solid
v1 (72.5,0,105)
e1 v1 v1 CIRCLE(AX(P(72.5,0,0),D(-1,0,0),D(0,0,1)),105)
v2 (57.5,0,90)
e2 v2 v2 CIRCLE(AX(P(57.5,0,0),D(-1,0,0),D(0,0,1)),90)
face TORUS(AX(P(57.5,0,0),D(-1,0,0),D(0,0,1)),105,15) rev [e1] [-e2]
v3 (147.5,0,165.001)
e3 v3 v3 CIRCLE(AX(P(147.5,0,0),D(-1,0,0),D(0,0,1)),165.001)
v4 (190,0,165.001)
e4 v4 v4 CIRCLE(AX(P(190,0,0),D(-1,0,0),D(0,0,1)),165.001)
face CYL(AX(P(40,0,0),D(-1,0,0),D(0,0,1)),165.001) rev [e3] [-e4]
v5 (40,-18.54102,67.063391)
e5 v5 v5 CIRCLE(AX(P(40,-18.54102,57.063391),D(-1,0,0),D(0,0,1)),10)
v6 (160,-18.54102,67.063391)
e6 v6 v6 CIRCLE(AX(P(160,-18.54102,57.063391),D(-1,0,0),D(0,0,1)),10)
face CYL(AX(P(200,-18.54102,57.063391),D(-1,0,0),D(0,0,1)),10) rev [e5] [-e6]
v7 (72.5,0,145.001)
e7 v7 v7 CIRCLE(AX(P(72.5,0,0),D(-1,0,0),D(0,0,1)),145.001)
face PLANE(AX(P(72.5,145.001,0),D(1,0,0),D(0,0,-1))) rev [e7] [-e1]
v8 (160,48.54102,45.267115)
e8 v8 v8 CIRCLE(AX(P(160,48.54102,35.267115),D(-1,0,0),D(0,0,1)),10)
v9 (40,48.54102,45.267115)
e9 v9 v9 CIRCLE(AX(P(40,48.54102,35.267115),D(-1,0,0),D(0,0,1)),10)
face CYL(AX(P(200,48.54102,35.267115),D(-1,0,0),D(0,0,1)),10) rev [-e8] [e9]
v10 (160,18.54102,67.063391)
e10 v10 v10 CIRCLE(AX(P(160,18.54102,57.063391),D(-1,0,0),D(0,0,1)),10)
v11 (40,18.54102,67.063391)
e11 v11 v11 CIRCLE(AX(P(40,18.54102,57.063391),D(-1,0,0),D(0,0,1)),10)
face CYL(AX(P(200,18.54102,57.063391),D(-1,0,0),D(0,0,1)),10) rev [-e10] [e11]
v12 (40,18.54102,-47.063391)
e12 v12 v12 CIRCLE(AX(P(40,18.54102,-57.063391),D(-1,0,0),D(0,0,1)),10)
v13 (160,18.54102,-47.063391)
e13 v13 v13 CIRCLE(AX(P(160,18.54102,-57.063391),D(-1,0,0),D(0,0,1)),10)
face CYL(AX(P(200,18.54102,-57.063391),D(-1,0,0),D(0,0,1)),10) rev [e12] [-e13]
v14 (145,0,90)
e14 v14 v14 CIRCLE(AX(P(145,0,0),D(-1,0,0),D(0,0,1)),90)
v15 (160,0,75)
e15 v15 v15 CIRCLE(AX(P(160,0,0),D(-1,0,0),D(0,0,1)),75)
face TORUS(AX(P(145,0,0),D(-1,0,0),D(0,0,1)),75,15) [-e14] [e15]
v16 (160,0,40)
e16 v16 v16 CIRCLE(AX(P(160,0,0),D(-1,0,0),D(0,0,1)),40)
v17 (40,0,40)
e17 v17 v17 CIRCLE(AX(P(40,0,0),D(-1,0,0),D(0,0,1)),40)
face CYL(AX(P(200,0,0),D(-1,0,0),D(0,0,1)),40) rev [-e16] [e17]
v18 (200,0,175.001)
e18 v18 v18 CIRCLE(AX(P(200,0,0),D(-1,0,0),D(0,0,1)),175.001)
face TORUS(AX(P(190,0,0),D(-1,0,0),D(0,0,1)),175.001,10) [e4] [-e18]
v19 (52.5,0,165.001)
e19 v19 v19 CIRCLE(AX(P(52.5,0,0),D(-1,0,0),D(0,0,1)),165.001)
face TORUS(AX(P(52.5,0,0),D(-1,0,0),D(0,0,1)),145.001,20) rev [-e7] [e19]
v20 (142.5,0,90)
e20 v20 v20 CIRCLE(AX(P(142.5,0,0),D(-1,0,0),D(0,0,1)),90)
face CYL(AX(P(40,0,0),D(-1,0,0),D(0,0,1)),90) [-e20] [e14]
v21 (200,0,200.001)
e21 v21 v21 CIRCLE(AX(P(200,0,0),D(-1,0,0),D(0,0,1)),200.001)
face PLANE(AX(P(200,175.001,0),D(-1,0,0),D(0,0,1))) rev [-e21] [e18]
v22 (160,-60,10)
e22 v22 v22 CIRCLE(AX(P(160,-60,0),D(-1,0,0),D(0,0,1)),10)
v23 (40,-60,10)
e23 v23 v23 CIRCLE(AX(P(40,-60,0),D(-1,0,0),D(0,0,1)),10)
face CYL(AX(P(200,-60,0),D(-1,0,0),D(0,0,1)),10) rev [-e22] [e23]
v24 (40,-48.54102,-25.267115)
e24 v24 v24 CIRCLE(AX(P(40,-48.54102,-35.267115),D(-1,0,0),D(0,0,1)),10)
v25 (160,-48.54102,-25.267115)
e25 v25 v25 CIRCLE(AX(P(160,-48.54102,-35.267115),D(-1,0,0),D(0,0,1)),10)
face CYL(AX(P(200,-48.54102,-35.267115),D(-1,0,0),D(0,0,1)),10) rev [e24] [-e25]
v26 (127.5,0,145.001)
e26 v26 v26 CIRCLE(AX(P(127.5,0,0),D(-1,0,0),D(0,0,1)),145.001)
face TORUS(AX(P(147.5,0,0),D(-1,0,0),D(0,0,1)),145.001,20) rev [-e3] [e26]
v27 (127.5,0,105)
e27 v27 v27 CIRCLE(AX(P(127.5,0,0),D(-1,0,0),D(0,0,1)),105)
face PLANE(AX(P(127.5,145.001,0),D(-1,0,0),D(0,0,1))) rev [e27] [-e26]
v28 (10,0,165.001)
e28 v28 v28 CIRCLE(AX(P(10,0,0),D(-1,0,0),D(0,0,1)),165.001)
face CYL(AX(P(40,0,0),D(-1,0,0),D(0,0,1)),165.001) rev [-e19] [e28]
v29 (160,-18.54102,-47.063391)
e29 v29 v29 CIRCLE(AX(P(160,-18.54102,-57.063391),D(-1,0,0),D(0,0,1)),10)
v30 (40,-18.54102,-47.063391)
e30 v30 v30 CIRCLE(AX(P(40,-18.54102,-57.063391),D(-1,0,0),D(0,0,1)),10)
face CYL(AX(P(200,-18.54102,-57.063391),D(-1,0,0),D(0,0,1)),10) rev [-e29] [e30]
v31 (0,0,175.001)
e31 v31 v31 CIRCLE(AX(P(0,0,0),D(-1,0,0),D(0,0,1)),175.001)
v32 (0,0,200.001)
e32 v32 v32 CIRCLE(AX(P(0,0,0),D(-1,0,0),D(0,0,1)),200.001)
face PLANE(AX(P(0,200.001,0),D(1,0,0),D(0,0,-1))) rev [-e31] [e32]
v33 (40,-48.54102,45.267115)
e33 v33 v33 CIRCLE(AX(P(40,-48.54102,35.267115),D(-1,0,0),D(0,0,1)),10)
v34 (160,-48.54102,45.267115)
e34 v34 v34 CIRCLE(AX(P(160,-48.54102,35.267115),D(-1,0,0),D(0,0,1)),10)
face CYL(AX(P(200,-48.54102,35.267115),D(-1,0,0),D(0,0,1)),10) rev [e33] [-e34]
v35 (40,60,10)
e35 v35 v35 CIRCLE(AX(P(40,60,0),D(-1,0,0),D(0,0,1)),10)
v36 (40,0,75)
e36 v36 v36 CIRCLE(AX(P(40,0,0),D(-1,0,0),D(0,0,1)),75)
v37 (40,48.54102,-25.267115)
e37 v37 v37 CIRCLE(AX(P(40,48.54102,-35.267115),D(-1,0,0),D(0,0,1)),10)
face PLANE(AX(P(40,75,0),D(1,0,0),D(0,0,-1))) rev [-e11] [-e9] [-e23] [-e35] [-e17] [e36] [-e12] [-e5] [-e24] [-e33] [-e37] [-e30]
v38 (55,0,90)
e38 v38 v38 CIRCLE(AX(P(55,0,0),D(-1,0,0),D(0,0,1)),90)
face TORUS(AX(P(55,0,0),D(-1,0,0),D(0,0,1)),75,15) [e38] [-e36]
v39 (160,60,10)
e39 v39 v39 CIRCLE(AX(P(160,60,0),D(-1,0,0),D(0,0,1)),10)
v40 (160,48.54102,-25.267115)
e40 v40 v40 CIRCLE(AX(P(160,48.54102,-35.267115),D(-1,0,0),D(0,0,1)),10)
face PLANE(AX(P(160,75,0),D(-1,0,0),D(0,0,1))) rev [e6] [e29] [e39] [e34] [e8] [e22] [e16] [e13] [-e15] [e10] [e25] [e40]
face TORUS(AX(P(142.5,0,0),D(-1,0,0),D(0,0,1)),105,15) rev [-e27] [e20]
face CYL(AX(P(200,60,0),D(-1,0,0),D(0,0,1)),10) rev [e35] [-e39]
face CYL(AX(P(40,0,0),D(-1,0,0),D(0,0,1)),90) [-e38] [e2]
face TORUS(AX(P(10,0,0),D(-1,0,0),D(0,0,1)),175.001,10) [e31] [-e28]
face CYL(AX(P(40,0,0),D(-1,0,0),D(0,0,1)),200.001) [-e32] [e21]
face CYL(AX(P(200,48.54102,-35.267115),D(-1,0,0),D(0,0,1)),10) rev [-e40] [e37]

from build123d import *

# Parameters (mm, degrees)
SKETCH4_R          = 40
SKETCH4_R_2        = 10
CUT_EXTRUDE2_DEPTH = 161


with BuildPart() as part:
    # Sketch2 → Revolve1 (revolve)
    with BuildSketch(Plane.XY):
        with BuildLine():
            Line((40, 0), (160, 0))
            Line((160, 0), (160, 75))
            ThreePointArc((160, 75), (155.606601718, 85.606601718), (145, 90))
            Line((145, 90), (142.5, 90))
            ThreePointArc((142.5, 90), (131.893398282, 94.393398282), (127.5, 105))
            Line((127.5, 105), (127.5, 145.001))
            ThreePointArc((127.5, 145.001), (133.357864376, 159.143135624), (147.5, 165.001))
            Line((147.5, 165.001), (190, 165.001))
            ThreePointArc((190, 165.001), (197.071067812, 167.929932188), (200, 175.001))
            Line((200, 175.001), (200, 200.001))
            Line((200, 200.001), (0, 200.001))
            Line((0, 200.001), (0, 175.001))
            ThreePointArc((0, 175.001), (2.928932188, 167.929932188), (10, 165.001))
            Line((10, 165.001), (52.5, 165.001))
            ThreePointArc((52.5, 165.001), (66.642135624, 159.143135624), (72.5, 145.001))
            Line((72.5, 145.001), (72.5, 105))
            ThreePointArc((72.5, 105), (68.106601718, 94.393398282), (57.5, 90))
            Line((57.5, 90), (55, 90))
            ThreePointArc((55, 90), (44.393398282, 85.606601718), (40, 75))
            Line((40, 75), (40, 0))
        make_face()
    revolve(axis=Axis((40, 0, 0), (1, 0, 0)))

    # Sketch4 → Cut-Extrude2 (cut, through all)
    with BuildSketch(Plane.ZY.offset(-40)):
        Circle(SKETCH4_R)
        with Locations((0, 60)):
            Circle(SKETCH4_R_2)
        with Locations((35.267115138, 48.541019662)):
            Circle(SKETCH4_R_2)
        with Locations((57.063390978, 18.541019662)):
            Circle(SKETCH4_R_2)
        with Locations((57.063390978, -18.541019662)):
            Circle(SKETCH4_R_2)
        with Locations((35.267115138, -48.541019662)):
            Circle(SKETCH4_R_2)
        with Locations((0, -60)):
            Circle(SKETCH4_R_2)
        with Locations((-35.267115138, -48.541019662)):
            Circle(SKETCH4_R_2)
        with Locations((-57.063390978, -18.541019662)):
            Circle(SKETCH4_R_2)
        with Locations((-57.063390978, 18.541019662)):
            Circle(SKETCH4_R_2)
        with Locations((-35.267115138, 48.541019662)):
            Circle(SKETCH4_R_2)
    extrude(amount=-CUT_EXTRUDE2_DEPTH, mode=Mode.SUBTRACT)


solid = part.part
